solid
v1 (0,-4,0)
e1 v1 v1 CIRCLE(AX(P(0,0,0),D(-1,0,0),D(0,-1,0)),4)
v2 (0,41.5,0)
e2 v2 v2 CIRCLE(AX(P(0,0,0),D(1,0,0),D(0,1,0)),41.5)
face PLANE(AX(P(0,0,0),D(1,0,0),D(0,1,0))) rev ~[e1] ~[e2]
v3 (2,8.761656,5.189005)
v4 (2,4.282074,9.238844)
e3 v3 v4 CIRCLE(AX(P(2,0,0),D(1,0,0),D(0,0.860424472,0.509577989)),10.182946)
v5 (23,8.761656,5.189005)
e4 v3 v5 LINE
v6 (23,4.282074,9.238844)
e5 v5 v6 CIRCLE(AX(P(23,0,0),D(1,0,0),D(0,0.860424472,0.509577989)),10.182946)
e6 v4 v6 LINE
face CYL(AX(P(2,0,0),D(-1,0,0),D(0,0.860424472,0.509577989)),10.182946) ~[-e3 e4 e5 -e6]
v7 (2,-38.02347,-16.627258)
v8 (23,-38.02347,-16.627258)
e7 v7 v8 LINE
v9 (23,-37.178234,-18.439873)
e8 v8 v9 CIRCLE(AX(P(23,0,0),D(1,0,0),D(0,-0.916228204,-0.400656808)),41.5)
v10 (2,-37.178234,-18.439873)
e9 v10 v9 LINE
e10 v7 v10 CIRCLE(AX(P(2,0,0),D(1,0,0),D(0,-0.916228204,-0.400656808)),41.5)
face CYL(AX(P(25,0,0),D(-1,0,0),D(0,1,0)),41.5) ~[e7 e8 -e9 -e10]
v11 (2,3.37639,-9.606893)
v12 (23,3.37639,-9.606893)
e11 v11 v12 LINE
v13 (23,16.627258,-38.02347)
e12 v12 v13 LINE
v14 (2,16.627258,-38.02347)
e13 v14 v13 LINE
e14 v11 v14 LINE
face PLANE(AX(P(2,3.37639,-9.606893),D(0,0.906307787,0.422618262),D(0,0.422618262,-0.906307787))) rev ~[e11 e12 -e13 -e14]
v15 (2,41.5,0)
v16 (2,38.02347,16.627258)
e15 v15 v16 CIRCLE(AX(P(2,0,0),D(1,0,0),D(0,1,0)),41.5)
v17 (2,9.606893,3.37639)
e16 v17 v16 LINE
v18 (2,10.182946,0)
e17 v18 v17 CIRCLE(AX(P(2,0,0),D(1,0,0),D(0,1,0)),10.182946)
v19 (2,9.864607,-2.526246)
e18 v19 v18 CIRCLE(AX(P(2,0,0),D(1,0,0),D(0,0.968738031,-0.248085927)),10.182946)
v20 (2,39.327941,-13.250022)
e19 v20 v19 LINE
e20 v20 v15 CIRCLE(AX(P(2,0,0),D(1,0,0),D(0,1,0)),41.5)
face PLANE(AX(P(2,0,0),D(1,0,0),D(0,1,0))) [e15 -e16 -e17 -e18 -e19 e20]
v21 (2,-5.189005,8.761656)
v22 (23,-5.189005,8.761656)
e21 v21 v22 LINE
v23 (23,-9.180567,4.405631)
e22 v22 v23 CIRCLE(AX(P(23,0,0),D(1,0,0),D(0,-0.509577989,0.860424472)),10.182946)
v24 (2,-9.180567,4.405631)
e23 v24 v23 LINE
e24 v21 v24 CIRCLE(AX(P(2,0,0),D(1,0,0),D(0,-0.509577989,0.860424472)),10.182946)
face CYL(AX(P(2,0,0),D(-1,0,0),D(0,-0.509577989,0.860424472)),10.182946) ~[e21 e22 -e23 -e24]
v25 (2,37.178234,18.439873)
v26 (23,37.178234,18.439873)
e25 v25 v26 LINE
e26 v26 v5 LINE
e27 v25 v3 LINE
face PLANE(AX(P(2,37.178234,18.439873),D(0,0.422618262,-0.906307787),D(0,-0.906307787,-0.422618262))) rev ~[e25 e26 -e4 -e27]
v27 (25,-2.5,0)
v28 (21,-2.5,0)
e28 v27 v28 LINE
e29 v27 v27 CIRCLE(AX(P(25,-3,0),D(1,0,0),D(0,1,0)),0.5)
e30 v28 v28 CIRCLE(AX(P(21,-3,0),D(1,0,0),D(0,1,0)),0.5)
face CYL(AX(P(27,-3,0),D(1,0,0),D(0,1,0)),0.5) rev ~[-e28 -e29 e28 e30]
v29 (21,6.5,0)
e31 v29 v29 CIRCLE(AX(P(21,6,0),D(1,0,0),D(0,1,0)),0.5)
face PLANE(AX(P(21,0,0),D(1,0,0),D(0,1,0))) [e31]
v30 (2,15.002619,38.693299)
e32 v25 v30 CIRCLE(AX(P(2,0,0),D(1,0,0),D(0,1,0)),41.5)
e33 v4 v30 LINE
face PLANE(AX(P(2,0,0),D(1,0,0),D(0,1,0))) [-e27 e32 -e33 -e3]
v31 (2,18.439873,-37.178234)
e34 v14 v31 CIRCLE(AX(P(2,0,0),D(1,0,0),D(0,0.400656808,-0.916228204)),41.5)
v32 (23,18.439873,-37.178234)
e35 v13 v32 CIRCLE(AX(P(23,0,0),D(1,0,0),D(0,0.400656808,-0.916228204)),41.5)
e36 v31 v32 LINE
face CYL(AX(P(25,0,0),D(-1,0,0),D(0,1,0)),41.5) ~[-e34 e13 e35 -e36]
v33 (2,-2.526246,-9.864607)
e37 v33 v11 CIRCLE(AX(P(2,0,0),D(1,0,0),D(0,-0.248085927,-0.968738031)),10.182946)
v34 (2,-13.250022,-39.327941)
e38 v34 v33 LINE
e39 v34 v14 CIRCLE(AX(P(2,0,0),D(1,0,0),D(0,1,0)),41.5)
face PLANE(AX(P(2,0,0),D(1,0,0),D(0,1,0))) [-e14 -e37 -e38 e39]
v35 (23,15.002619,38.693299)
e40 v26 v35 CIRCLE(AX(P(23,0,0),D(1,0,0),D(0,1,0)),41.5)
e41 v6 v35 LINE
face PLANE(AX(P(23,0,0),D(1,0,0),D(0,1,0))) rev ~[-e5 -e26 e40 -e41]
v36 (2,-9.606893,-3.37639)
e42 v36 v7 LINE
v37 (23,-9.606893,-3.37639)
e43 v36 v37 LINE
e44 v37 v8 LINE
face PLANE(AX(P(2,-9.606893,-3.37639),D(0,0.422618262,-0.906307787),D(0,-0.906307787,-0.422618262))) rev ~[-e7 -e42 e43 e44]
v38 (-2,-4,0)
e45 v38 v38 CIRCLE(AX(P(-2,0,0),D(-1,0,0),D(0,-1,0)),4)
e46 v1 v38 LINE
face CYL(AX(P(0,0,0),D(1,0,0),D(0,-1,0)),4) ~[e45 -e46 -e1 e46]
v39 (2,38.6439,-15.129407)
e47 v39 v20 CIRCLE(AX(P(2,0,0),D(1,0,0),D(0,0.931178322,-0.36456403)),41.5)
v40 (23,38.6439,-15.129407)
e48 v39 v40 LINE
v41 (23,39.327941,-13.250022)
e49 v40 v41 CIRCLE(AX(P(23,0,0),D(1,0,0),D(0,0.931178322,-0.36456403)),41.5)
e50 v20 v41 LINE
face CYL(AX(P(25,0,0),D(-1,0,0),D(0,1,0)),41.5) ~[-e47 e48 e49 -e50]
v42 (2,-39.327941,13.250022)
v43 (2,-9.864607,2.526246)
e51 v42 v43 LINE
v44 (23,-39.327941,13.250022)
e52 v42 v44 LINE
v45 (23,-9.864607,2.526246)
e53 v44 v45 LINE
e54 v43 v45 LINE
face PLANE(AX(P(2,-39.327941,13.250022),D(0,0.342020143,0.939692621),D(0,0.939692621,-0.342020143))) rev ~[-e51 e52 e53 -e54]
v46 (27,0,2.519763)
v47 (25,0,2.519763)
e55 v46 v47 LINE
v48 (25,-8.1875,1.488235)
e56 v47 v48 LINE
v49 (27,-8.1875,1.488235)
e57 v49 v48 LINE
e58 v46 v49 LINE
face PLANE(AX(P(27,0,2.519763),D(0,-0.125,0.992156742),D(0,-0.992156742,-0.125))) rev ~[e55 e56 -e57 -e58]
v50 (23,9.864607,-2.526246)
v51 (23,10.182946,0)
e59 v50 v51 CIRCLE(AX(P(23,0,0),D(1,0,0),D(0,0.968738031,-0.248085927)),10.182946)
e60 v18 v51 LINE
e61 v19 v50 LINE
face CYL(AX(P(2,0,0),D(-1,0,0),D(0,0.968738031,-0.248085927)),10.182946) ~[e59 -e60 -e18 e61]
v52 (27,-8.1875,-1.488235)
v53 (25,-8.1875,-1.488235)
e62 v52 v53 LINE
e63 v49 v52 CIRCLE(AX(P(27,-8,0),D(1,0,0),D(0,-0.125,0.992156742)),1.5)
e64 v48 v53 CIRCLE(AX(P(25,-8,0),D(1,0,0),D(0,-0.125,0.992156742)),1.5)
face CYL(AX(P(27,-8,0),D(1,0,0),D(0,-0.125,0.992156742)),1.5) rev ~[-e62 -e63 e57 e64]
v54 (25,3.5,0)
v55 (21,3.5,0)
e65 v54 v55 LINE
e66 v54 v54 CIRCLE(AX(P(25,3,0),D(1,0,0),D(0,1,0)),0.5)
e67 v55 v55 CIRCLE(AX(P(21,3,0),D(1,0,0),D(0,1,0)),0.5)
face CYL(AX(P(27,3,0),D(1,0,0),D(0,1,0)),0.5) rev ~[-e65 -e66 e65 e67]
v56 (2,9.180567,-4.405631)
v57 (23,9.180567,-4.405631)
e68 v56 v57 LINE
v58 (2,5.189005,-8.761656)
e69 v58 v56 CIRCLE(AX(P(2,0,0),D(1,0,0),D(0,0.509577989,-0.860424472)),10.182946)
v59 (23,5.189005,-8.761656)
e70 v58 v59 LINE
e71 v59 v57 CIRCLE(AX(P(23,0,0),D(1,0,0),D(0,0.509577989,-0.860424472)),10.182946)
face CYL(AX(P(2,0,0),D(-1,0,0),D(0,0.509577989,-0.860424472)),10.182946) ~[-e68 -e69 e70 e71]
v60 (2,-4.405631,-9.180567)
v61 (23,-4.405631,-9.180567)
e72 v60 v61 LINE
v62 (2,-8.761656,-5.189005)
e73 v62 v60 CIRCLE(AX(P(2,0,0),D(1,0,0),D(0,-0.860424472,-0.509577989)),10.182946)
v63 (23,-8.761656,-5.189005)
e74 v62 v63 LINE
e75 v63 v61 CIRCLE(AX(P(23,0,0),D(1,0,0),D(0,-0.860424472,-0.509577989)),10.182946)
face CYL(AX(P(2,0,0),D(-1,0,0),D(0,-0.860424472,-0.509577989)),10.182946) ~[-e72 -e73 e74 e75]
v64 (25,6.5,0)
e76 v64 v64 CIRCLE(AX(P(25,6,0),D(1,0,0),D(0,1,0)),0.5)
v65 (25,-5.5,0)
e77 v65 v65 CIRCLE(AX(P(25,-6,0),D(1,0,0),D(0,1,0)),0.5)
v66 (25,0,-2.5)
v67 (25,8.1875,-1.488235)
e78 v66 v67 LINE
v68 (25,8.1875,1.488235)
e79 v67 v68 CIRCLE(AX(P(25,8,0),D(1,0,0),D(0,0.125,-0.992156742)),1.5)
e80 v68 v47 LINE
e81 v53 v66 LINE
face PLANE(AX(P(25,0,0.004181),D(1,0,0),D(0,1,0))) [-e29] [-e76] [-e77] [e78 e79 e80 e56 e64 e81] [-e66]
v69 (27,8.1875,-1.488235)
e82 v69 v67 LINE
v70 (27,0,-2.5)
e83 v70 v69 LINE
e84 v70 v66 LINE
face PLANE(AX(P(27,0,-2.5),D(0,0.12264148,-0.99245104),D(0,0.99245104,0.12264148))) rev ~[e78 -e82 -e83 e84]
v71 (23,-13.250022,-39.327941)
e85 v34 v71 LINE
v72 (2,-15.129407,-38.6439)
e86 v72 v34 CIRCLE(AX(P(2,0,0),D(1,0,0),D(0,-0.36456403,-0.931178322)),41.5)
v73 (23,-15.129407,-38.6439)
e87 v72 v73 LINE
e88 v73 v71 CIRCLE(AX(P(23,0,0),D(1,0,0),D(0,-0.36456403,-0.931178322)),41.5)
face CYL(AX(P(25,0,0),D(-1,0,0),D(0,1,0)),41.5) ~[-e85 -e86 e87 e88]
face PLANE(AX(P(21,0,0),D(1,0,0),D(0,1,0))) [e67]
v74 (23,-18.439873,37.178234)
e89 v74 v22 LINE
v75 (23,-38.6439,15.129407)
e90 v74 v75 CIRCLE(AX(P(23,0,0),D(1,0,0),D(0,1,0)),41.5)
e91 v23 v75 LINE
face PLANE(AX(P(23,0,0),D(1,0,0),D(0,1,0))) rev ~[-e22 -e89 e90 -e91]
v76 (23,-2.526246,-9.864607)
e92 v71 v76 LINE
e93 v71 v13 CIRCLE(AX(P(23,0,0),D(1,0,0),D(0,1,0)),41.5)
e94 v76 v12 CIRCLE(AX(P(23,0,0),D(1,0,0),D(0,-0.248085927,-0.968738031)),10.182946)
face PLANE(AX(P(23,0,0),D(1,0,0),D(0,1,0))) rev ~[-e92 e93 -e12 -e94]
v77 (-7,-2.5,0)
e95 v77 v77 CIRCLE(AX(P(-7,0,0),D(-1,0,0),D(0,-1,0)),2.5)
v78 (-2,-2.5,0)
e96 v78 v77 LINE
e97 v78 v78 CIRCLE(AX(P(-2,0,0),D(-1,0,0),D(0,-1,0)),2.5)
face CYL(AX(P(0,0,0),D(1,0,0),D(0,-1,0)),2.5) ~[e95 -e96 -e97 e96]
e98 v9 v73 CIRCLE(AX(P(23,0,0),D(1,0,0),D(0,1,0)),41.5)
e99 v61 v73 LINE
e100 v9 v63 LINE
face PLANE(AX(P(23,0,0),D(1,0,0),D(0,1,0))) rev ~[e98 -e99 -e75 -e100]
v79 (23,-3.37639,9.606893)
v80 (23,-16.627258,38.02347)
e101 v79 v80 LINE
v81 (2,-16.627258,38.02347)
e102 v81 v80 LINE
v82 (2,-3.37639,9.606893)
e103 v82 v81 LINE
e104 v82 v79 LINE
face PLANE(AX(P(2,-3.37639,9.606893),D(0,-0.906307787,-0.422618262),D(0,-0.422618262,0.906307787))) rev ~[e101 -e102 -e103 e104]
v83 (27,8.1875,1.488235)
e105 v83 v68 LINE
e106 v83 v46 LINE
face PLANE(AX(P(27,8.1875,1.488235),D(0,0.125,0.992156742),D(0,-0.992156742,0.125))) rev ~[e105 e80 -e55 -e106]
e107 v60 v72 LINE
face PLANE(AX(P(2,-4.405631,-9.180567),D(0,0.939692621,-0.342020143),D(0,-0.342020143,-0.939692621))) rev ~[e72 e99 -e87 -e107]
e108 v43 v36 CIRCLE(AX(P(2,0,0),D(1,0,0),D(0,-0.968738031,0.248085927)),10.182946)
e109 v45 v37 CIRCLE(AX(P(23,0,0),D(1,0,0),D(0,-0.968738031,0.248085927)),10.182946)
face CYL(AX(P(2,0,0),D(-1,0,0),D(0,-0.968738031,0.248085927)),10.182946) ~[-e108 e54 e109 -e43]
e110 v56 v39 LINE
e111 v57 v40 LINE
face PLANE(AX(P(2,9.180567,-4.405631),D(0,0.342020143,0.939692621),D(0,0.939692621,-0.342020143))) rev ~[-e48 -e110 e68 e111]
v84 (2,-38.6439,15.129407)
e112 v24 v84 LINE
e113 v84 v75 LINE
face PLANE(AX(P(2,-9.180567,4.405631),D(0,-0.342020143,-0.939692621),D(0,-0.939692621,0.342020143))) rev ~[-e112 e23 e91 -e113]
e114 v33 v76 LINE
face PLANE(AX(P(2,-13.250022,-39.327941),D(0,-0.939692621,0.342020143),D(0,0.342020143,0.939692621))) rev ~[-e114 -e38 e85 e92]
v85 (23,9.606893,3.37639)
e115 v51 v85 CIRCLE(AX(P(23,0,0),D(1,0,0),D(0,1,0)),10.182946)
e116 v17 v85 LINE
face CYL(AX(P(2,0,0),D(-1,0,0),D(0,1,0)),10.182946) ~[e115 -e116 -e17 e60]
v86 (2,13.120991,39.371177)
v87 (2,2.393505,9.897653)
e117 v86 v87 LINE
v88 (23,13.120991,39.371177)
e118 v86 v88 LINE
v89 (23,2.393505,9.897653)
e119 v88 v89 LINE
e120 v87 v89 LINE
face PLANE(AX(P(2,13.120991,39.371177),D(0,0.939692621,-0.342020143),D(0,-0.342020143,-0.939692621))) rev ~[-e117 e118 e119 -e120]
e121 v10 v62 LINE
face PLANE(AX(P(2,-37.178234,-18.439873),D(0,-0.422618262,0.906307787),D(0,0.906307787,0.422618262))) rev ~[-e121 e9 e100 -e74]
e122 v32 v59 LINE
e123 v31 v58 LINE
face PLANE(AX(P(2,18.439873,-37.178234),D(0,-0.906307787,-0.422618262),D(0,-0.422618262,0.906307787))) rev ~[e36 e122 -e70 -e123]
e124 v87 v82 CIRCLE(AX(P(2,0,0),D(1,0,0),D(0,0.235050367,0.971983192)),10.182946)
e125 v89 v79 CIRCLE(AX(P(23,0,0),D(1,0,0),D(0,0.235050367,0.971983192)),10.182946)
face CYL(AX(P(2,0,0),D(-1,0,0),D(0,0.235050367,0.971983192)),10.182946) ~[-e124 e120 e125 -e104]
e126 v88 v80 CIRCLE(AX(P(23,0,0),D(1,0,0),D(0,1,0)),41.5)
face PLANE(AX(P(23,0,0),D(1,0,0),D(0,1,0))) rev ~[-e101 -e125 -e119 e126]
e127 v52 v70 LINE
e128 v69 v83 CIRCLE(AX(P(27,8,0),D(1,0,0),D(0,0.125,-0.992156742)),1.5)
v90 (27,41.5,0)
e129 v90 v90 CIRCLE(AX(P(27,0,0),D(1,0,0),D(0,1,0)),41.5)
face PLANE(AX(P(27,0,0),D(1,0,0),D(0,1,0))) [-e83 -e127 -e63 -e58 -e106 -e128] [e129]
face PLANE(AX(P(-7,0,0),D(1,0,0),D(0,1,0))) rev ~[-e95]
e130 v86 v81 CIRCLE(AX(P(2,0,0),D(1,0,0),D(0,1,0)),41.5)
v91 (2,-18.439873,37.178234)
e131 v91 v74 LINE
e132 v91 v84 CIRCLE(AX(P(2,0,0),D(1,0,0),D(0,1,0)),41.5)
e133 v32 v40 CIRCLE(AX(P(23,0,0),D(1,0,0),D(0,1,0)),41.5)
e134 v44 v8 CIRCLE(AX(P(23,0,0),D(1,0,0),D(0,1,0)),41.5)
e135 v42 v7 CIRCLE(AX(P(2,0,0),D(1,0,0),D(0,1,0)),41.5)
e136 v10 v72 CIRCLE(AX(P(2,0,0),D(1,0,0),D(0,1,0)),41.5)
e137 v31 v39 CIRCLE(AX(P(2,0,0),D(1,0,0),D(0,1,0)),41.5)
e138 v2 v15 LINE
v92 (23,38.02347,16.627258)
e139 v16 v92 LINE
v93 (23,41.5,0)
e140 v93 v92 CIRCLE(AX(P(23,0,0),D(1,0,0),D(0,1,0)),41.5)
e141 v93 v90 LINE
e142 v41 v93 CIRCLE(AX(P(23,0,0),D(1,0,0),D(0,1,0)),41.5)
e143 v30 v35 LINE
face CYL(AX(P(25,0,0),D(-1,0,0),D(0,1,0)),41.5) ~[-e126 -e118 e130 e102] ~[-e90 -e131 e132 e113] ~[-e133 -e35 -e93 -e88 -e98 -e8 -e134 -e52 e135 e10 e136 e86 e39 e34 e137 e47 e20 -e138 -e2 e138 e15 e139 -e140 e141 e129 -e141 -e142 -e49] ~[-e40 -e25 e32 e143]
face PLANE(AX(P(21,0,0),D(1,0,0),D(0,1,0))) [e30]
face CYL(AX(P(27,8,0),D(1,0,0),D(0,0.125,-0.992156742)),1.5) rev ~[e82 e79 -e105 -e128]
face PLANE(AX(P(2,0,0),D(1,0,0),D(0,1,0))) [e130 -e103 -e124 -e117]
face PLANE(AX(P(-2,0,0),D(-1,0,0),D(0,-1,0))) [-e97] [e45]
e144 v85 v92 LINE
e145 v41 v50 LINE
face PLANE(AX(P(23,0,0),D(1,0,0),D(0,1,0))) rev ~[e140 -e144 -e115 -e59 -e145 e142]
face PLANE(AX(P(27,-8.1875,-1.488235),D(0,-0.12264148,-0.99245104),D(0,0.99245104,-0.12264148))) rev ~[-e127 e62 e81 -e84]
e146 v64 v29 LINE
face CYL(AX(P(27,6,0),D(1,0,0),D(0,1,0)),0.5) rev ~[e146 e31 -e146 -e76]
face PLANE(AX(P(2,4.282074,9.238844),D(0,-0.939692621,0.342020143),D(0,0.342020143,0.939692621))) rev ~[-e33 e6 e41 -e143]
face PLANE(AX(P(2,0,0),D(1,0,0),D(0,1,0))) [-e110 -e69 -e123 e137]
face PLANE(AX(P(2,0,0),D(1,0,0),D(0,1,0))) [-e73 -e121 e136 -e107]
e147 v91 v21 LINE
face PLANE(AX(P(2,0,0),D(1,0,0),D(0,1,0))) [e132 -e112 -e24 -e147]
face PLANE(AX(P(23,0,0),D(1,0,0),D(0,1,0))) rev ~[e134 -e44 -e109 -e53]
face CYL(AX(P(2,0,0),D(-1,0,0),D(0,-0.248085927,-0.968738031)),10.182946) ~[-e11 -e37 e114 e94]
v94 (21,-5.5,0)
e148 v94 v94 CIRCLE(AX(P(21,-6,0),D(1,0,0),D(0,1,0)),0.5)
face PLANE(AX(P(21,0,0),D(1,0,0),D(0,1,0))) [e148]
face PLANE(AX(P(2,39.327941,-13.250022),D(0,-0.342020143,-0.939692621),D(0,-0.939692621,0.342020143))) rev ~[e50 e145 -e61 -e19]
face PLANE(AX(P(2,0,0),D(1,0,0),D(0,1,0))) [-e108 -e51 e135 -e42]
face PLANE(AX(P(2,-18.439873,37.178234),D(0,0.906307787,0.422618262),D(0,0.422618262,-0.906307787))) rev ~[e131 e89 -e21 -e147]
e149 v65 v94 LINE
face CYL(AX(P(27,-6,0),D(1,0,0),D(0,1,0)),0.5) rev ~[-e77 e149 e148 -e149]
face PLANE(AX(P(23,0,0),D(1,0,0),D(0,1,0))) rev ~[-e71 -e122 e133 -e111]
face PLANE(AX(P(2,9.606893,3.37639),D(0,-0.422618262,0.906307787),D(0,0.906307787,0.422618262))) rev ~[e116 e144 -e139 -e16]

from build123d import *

# Parameters (mm, degrees)
F0_R      = 41.5
F1_DEPTH  = 2
F3_DEPTH  = 21
F4_R      = 41.5
F5_DEPTH  = 2
F6_R      = 4
F6_R_2    = 2.5
F7_DEPTH  = 2
F8_DEPTH  = 7
F10_R     = 41.5
F11_DEPTH = 2
F13_R     = 0.5
F14_DEPTH = 2
F15_DEPTH = 6


with BuildPart() as f1:
    # F0 (on Right) → F1 (new body)
    with BuildSketch(Plane.YZ):
        Circle(F0_R)
    extrude(amount=F1_DEPTH)

    # F2 (on face) → F3 (join)
    with BuildSketch(Plane.YZ.offset(2)):
        with BuildLine():
            ThreePointArc((9.8646073485, -2.5262456751), (10.1030481106, -1.2731120236), (10.1829463001, 0))
            ThreePointArc((10.1829463001, 0), (10.037899881, 1.7125890722), (9.6068927211, 3.376389728))
            ThreePointArc((9.6068927211, 3.376389728), (9.2288835267, 4.3034990647), (8.7616561977, 5.189005302))
            ThreePointArc((8.7616561977, 5.189005302), (6.8289840342, 7.5536330604), (4.2820740528, 9.2388439297))
            ThreePointArc((4.2820740528, 9.2388439297), (3.3540046296, 9.6147307968), (2.3935052702, 9.8976526446))
            ThreePointArc((2.3935052702, 9.8976526446), (-0.5124946806, 10.1700415217), (-3.376389728, 9.6068927211))
            ThreePointArc((-3.376389728, 9.6068927211), (-4.3034990647, 9.2288835267), (-5.189005302, 8.7616561977))
            ThreePointArc((-5.189005302, 8.7616561977), (-7.507655529, 6.879498805), (-9.1805670618, 4.4056309167))
            ThreePointArc((-9.1805670618, 4.4056309167), (-9.5688394961, 3.482772753), (-9.8646073485, 2.5262456751))
            ThreePointArc((-9.8646073485, 2.5262456751), (-10.1732543916, -0.4441738792), (-9.6068927211, -3.376389728))
            ThreePointArc((-9.6068927211, -3.376389728), (-9.2288835267, -4.3034990647), (-8.7616561977, -5.189005302))
            ThreePointArc((-8.7616561977, -5.189005302), (-6.879498805, -7.507655529), (-4.4056309167, -9.1805670618))
            ThreePointArc((-4.4056309167, -9.1805670618), (-3.482772753, -9.5688394961), (-2.5262456751, -9.8646073485))
            ThreePointArc((-2.5262456751, -9.8646073485), (0.4441738792, -10.1732543916), (3.376389728, -9.6068927211))
            ThreePointArc((3.376389728, -9.6068927211), (4.3034990647, -9.2288835267), (5.189005302, -8.7616561977))
            ThreePointArc((5.189005302, -8.7616561977), (7.507655529, -6.879498805), (9.1805670618, -4.4056309167))
            ThreePointArc((9.1805670618, -4.4056309167), (9.5688394961, -3.482772753), (9.8646073485, -2.5262456751))
        make_face()
        with BuildLine():
            ThreePointArc((2.3935052702, 9.8976526446), (3.3540046296, 9.6147307968), (4.2820740528, 9.2388439297))
            Line((4.2820740528, 9.2388439297), (15.0026191162, 38.6932994155))
            ThreePointArc((15.0026191162, 38.6932994155), (14.0658892352, 39.043575144), (13.1209909217, 39.3711772396))
            Line((13.1209909217, 39.3711772396), (2.3935052702, 9.8976526446))
        make_face()
        with BuildLine():
            ThreePointArc((-5.189005302, 8.7616561977), (-4.3034990647, 9.2288835267), (-3.376389728, 9.6068927211))
            Line((-3.376389728, 9.6068927211), (-16.6272575496, 38.0234704673))
            ThreePointArc((-16.6272575496, 38.0234704673), (-17.5386578622, 37.611773162), (-18.4398731237, 37.1782339438))
            Line((-18.4398731237, 37.1782339438), (-5.189005302, 8.7616561977))
        make_face()
        with BuildLine():
            ThreePointArc((8.7616561977, 5.189005302), (9.2288835267, 4.3034990647), (9.6068927211, 3.376389728))
            Line((9.6068927211, 3.376389728), (38.0234704673, 16.6272575496))
            ThreePointArc((38.0234704673, 16.6272575496), (37.611773162, 17.5386578622), (37.1782339438, 18.4398731237))
            Line((37.1782339438, 18.4398731237), (8.7616561977, 5.189005302))
        make_face()
        with BuildLine():
            Line((39.3279406642, -13.2500220043), (9.8646073485, -2.5262456751))
            ThreePointArc((9.8646073485, -2.5262456751), (9.5688394961, -3.482772753), (9.1805670618, -4.4056309167))
            Line((9.1805670618, -4.4056309167), (38.6439003775, -15.1294072458))
            ThreePointArc((38.6439003775, -15.1294072458), (38.9972437626, -14.193835948), (39.3279406642, -13.2500220043))
        make_face()
        with BuildLine():
            Line((18.4398731237, -37.1782339438), (5.189005302, -8.7616561977))
            ThreePointArc((5.189005302, -8.7616561977), (4.3034990647, -9.2288835267), (3.376389728, -9.6068927211))
            Line((3.376389728, -9.6068927211), (16.6272575496, -38.0234704673))
            ThreePointArc((16.6272575496, -38.0234704673), (17.5386578622, -37.611773162), (18.4398731237, -37.1782339438))
        make_face()
        with BuildLine():
            Line((-13.2500220043, -39.3279406642), (-2.5262456751, -9.8646073485))
            ThreePointArc((-2.5262456751, -9.8646073485), (-3.482772753, -9.5688394961), (-4.4056309167, -9.1805670618))
            Line((-4.4056309167, -9.1805670618), (-15.1294072458, -38.6439003775))
            ThreePointArc((-15.1294072458, -38.6439003775), (-14.193835948, -38.9972437626), (-13.2500220043, -39.3279406642))
        make_face()
        with BuildLine():
            ThreePointArc((-9.8646073485, 2.5262456751), (-9.5688394961, 3.482772753), (-9.1805670618, 4.4056309167))
            Line((-9.1805670618, 4.4056309167), (-38.6439003775, 15.1294072458))
            ThreePointArc((-38.6439003775, 15.1294072458), (-38.9972437626, 14.193835948), (-39.3279406642, 13.2500220043))
            Line((-39.3279406642, 13.2500220043), (-9.8646073485, 2.5262456751))
        make_face()
        with BuildLine():
            Line((-37.1782339438, -18.4398731237), (-8.7616561977, -5.189005302))
            ThreePointArc((-8.7616561977, -5.189005302), (-9.2288835267, -4.3034990647), (-9.6068927211, -3.376389728))
            Line((-9.6068927211, -3.376389728), (-38.0234704673, -16.6272575496))
            ThreePointArc((-38.0234704673, -16.6272575496), (-37.611773162, -17.5386578622), (-37.1782339438, -18.4398731237))
        make_face()
    extrude(amount=F3_DEPTH)

    # F4 (on face) → F5 (join)
    with BuildSketch(Plane.YZ.offset(23)):
        Circle(F4_R)
    extrude(amount=F5_DEPTH)

    # F6 (on face) → F7 (join)
    with BuildSketch(Plane(origin=(0, 0, 0), x_dir=(0, -1, 0), z_dir=(-1, 0, 0))):
        Circle(F6_R)
        Circle(F6_R_2, mode=Mode.SUBTRACT)
    extrude(amount=F7_DEPTH)

    # F8 (add): a face of the model
    f8_faces = [f1.faces().sort_by_distance(p)[0] for p in [
        (0, 0, 0),
    ]]
    extrude(f8_faces, amount=F8_DEPTH)

    # F10 (on face) → F11 (join)
    with BuildSketch(Plane.YZ.offset(25)):
        Circle(F10_R)
    extrude(amount=F11_DEPTH)

    # F13 (on face) → F14 (cut)
    with BuildSketch(Plane.YZ.offset(27)):
        with BuildLine():
            Line((0, -2.5), (8.1875, -1.4882351125))
            ThreePointArc((8.1875, -1.4882351125), (9.5, 0), (8.1875, 1.4882351125))
            Line((8.1875, 1.4882351125), (0, 2.5197631534))
            Line((0, 2.5197631534), (-8.1875, 1.4882351125))
            ThreePointArc((-8.1875, 1.4882351125), (-9.5, 0), (-8.1875, -1.4882351125))
            Line((-8.1875, -1.4882351125), (0, -2.5))
        make_face()
        with Locations((-6, 0)):
            Circle(F13_R, mode=Mode.SUBTRACT)
        with Locations((-3, 0)):
            Circle(F13_R, mode=Mode.SUBTRACT)
        with Locations((3, 0)):
            Circle(F13_R, mode=Mode.SUBTRACT)
        with Locations((6, 0)):
            Circle(F13_R, mode=Mode.SUBTRACT)
    extrude(amount=-F14_DEPTH, mode=Mode.SUBTRACT)

    # F15 (cut): faces of the model
    f15_faces = [f1.faces().sort_by_distance(p)[0] for p in [
        (27, -3, 0),
        (27, -6, 0),
        (27, 3, 0),
        (27, 6, 0),
    ]]
    extrude(f15_faces, amount=-F15_DEPTH, mode=Mode.SUBTRACT)


solid = f1.part
